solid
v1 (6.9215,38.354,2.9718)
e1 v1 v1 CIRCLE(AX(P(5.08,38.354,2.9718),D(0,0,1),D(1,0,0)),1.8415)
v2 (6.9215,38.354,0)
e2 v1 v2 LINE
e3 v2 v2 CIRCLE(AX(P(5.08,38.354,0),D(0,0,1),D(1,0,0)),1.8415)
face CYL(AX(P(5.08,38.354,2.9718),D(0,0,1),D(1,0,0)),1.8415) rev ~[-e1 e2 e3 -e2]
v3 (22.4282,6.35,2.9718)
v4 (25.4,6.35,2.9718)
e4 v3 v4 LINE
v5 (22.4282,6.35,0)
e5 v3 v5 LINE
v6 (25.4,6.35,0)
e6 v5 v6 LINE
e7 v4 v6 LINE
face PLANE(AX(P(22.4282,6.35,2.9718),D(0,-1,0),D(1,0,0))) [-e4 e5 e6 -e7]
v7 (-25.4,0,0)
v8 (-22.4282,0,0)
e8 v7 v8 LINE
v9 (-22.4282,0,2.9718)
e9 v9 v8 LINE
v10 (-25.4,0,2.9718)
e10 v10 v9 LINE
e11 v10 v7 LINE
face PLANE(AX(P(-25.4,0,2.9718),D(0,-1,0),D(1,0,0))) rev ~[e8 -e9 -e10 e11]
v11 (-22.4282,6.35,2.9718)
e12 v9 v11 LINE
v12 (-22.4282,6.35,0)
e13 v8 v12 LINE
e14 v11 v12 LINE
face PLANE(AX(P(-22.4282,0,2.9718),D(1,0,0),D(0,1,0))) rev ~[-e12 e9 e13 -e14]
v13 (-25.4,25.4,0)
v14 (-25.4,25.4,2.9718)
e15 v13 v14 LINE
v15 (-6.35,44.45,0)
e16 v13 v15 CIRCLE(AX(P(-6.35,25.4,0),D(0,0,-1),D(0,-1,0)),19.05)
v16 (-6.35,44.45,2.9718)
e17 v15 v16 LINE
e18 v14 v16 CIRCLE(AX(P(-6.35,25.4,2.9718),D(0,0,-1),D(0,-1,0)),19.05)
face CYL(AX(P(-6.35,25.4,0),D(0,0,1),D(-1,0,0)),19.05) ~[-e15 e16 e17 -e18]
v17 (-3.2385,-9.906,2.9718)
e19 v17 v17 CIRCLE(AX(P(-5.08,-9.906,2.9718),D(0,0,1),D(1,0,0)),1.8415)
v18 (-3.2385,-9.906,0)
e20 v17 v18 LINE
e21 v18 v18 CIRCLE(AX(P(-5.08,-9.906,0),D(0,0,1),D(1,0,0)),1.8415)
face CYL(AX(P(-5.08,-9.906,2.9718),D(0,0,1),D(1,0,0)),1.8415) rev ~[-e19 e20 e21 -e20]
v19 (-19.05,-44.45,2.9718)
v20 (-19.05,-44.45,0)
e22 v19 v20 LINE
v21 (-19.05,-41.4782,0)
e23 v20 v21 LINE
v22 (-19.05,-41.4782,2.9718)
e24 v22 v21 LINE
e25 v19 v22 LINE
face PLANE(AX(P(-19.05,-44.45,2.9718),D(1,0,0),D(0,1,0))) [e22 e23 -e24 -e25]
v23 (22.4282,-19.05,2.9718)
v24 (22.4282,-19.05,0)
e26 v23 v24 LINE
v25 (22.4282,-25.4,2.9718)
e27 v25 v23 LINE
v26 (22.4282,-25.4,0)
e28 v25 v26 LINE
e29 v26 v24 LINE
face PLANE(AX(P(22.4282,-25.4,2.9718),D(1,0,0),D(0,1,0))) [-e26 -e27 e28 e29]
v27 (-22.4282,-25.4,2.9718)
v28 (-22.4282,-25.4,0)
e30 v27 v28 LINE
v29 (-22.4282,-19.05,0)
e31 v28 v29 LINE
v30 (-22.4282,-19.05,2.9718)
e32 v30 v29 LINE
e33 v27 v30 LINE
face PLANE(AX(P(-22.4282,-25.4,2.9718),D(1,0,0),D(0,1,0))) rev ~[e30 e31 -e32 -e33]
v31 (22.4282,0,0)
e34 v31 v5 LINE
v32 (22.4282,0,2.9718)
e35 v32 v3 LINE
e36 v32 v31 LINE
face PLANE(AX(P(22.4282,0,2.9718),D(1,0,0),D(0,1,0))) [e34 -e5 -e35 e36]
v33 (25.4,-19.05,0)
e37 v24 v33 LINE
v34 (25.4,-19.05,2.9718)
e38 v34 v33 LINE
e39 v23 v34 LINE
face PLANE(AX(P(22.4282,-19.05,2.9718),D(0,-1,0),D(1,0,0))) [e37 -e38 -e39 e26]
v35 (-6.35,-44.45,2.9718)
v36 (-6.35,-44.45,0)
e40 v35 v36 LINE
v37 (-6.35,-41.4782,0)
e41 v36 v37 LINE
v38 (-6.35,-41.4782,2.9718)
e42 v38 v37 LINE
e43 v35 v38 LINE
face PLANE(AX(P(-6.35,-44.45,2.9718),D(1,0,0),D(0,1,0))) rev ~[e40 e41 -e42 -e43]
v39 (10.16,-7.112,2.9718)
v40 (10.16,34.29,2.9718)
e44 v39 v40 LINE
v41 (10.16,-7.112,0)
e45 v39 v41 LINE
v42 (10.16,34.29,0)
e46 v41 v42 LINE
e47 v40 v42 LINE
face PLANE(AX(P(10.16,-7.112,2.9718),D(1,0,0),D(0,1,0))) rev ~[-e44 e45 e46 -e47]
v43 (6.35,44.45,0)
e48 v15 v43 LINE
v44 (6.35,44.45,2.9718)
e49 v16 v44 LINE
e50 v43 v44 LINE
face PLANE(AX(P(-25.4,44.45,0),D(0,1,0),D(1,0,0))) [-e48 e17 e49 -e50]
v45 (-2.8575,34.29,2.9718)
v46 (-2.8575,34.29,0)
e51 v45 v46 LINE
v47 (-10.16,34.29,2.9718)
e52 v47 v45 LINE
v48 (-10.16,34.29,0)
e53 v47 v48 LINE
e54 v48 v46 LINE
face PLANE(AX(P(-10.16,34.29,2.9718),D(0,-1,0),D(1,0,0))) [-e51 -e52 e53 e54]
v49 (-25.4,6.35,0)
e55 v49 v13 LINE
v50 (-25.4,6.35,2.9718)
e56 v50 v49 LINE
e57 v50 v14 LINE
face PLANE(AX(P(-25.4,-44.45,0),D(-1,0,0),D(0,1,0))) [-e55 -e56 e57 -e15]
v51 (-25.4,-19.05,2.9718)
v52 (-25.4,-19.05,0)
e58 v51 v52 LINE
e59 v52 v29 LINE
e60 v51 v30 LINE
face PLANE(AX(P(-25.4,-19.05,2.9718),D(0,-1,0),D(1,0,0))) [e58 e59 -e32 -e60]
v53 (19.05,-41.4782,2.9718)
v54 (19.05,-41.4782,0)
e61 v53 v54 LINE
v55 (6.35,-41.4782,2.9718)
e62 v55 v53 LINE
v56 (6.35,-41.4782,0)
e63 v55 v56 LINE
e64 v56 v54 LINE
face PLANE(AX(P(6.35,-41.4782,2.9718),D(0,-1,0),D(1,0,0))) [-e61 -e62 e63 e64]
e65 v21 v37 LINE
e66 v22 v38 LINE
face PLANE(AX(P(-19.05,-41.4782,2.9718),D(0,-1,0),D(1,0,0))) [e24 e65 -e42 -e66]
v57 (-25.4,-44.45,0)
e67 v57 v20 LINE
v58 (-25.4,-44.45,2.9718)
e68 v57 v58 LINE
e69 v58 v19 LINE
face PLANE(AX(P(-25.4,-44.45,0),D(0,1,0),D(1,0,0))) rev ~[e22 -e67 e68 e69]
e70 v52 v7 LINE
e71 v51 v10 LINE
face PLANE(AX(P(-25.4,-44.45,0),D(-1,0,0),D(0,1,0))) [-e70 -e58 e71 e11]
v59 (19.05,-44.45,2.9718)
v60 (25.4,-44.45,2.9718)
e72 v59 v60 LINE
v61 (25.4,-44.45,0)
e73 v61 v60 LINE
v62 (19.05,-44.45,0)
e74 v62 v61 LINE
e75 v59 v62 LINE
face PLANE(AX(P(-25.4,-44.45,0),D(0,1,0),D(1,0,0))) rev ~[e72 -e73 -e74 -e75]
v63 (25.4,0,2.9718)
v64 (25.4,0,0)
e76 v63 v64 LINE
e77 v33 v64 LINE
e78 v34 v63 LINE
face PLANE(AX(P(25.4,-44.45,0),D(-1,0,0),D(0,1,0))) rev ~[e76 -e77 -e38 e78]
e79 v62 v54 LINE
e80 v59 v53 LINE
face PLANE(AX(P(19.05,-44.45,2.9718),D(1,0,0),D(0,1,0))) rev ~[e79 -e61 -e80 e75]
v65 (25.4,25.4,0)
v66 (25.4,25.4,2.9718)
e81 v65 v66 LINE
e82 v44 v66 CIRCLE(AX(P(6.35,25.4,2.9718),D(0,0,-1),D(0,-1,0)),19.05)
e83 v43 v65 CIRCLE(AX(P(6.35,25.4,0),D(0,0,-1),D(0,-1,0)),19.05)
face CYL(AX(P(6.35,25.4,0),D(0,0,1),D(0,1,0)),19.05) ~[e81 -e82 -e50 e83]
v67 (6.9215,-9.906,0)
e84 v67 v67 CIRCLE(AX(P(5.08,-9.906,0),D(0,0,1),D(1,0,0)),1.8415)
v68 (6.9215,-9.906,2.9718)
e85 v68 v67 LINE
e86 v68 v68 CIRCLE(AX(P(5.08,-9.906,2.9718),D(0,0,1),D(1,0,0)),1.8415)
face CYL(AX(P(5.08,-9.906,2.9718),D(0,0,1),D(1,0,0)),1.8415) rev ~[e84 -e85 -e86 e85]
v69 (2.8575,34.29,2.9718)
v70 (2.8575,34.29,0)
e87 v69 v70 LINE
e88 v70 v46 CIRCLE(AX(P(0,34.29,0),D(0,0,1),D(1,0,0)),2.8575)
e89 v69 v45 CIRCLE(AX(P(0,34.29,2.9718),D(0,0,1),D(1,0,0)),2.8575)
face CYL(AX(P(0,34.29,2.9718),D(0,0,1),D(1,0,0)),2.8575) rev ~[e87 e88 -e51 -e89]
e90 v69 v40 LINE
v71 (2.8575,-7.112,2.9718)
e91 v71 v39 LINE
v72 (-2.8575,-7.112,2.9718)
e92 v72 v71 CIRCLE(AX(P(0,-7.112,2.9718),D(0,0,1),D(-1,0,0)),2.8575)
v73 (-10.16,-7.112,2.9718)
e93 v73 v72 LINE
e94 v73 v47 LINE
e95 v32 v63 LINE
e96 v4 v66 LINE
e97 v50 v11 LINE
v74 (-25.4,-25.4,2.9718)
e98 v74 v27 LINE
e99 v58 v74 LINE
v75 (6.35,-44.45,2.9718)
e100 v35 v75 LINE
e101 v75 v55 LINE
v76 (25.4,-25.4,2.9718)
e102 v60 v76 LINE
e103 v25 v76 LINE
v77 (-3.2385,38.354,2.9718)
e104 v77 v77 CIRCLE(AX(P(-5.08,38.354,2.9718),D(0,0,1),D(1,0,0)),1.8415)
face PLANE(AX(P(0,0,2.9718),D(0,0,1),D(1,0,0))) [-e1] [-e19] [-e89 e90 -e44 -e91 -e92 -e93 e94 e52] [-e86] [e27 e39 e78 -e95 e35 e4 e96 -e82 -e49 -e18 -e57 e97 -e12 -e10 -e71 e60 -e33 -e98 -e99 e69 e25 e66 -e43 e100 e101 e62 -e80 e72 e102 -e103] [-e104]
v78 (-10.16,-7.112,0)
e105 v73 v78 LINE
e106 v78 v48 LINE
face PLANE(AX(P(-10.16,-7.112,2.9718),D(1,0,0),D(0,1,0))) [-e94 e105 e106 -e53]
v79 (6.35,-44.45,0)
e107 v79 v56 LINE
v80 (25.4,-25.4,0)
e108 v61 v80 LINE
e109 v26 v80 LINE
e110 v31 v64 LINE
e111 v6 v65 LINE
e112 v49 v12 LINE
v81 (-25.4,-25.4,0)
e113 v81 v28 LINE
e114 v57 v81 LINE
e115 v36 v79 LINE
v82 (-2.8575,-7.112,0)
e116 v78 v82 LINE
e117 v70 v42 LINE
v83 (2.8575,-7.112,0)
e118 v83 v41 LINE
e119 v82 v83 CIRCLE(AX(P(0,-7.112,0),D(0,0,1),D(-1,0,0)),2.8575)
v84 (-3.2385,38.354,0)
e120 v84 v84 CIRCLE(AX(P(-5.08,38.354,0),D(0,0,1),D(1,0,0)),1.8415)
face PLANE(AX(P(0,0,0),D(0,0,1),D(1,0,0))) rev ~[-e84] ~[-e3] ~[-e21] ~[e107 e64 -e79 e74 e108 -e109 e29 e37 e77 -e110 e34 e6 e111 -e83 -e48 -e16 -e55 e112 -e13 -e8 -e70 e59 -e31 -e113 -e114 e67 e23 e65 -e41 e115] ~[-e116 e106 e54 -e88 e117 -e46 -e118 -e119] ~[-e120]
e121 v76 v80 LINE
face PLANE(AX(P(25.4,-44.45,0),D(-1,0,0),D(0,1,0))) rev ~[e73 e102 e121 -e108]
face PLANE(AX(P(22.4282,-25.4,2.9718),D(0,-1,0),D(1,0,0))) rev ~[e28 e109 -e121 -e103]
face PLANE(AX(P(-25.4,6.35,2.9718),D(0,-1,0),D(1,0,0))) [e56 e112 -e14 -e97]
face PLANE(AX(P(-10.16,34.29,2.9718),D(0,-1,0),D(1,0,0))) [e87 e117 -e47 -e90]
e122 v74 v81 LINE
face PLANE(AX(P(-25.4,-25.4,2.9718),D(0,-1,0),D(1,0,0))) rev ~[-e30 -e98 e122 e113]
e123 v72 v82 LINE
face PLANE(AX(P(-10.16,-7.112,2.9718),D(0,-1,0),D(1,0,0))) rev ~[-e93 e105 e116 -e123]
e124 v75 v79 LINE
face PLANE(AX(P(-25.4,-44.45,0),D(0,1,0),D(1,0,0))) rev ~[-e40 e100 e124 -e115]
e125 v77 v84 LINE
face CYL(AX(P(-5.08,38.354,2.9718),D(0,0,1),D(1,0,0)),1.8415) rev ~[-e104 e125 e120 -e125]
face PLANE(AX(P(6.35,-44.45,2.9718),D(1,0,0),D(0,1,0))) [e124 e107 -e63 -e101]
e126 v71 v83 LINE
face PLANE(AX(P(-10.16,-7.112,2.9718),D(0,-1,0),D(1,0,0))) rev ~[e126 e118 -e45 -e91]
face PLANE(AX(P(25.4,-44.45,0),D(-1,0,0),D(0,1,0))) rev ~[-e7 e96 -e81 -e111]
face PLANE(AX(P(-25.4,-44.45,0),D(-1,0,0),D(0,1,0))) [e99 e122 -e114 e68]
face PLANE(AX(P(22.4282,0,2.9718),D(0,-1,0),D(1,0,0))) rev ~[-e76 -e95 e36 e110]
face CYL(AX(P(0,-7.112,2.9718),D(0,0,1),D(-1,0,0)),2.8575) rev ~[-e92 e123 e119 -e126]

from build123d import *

# Parameters (mm, degrees)
F0_W      = 50.8
F0_H      = 88.9
F1_DEPTH  = 2.9718
F2_W      = 20.32
F2_H      = 41.402
F3_DEPTH  = 25.4
F4_W      = 12.7
F4_H      = 2.9718
F5_DEPTH  = 25.4
F6_W      = 2.9718
F6_H      = 6.35
F7_DEPTH  = 25.4
F8_R      = 1.8415
F9_DEPTH  = 25.4
F11_DEPTH = 25.4
F12_R     = 19.05


with BuildPart() as f1:
    # F0 (on Top) → F1 (new body)
    with BuildSketch(Plane.XY):
        Rectangle(F0_W, F0_H)
    extrude(amount=F1_DEPTH)

    # F2 (on face) → F3 (cut)
    with BuildSketch(Plane.XY.offset(2.9718)):
        with Locations((0, 13.589)):
            Rectangle(F2_W, F2_H)
    extrude(amount=-F3_DEPTH, mode=Mode.SUBTRACT)

    # F4 (on face) → F5 (cut)
    with BuildSketch(Plane.XY.offset(2.9718)):
        with Locations((-12.7, -42.9641)):
            Rectangle(F4_W, F4_H)
        with Locations((12.7, -42.9641)):
            Rectangle(F4_W, F4_H)
    extrude(amount=-F5_DEPTH, mode=Mode.SUBTRACT)

    # F6 (on face) → F7 (cut)
    with BuildSketch(Plane.XY.offset(2.9718)):
        with Locations((23.9141, 3.175)):
            Rectangle(F6_W, F6_H)
        with Locations((-23.9141, 3.175)):
            Rectangle(F6_W, F6_H)
        with Locations((-23.9141, -22.225)):
            Rectangle(F6_W, F6_H)
        with Locations((23.9141, -22.225)):
            Rectangle(F6_W, F6_H)
    extrude(amount=-F7_DEPTH, mode=Mode.SUBTRACT)

    # F8 (on face) → F9 (cut)
    with BuildSketch(Plane.XY.offset(2.9718)):
        with Locations((-5.08, 38.354)):
            Circle(F8_R)
        with Locations((5.08, 38.354)):
            Circle(F8_R)
        with Locations((-5.08, -9.906)):
            Circle(F8_R)
        with Locations((5.08, -9.906)):
            Circle(F8_R)
    extrude(amount=-F9_DEPTH, mode=Mode.SUBTRACT)

    # F10 (on face) → F11 (cut)
    with BuildSketch(Plane.XY.offset(2.9718)):
        with BuildLine():
            ThreePointArc((2.8575, 34.29), (0, 37.1475), (-2.8575, 34.29))
            Line((-2.8575, 34.29), (2.8575, 34.29))
        make_face()
        with BuildLine():
            ThreePointArc((-2.8575, -7.112), (0, -9.9695), (2.8575, -7.112))
            Line((2.8575, -7.112), (-2.8575, -7.112))
        make_face()
    extrude(amount=-F11_DEPTH, mode=Mode.SUBTRACT)

    # F12
    f12_edges = [f1.edges().sort_by_distance(p)[0] for p in [
        (25.4, 44.45, 1.4859),
        (-25.4, 44.45, 1.4859),
    ]]
    fillet(f12_edges, radius=F12_R)


solid = f1.part
